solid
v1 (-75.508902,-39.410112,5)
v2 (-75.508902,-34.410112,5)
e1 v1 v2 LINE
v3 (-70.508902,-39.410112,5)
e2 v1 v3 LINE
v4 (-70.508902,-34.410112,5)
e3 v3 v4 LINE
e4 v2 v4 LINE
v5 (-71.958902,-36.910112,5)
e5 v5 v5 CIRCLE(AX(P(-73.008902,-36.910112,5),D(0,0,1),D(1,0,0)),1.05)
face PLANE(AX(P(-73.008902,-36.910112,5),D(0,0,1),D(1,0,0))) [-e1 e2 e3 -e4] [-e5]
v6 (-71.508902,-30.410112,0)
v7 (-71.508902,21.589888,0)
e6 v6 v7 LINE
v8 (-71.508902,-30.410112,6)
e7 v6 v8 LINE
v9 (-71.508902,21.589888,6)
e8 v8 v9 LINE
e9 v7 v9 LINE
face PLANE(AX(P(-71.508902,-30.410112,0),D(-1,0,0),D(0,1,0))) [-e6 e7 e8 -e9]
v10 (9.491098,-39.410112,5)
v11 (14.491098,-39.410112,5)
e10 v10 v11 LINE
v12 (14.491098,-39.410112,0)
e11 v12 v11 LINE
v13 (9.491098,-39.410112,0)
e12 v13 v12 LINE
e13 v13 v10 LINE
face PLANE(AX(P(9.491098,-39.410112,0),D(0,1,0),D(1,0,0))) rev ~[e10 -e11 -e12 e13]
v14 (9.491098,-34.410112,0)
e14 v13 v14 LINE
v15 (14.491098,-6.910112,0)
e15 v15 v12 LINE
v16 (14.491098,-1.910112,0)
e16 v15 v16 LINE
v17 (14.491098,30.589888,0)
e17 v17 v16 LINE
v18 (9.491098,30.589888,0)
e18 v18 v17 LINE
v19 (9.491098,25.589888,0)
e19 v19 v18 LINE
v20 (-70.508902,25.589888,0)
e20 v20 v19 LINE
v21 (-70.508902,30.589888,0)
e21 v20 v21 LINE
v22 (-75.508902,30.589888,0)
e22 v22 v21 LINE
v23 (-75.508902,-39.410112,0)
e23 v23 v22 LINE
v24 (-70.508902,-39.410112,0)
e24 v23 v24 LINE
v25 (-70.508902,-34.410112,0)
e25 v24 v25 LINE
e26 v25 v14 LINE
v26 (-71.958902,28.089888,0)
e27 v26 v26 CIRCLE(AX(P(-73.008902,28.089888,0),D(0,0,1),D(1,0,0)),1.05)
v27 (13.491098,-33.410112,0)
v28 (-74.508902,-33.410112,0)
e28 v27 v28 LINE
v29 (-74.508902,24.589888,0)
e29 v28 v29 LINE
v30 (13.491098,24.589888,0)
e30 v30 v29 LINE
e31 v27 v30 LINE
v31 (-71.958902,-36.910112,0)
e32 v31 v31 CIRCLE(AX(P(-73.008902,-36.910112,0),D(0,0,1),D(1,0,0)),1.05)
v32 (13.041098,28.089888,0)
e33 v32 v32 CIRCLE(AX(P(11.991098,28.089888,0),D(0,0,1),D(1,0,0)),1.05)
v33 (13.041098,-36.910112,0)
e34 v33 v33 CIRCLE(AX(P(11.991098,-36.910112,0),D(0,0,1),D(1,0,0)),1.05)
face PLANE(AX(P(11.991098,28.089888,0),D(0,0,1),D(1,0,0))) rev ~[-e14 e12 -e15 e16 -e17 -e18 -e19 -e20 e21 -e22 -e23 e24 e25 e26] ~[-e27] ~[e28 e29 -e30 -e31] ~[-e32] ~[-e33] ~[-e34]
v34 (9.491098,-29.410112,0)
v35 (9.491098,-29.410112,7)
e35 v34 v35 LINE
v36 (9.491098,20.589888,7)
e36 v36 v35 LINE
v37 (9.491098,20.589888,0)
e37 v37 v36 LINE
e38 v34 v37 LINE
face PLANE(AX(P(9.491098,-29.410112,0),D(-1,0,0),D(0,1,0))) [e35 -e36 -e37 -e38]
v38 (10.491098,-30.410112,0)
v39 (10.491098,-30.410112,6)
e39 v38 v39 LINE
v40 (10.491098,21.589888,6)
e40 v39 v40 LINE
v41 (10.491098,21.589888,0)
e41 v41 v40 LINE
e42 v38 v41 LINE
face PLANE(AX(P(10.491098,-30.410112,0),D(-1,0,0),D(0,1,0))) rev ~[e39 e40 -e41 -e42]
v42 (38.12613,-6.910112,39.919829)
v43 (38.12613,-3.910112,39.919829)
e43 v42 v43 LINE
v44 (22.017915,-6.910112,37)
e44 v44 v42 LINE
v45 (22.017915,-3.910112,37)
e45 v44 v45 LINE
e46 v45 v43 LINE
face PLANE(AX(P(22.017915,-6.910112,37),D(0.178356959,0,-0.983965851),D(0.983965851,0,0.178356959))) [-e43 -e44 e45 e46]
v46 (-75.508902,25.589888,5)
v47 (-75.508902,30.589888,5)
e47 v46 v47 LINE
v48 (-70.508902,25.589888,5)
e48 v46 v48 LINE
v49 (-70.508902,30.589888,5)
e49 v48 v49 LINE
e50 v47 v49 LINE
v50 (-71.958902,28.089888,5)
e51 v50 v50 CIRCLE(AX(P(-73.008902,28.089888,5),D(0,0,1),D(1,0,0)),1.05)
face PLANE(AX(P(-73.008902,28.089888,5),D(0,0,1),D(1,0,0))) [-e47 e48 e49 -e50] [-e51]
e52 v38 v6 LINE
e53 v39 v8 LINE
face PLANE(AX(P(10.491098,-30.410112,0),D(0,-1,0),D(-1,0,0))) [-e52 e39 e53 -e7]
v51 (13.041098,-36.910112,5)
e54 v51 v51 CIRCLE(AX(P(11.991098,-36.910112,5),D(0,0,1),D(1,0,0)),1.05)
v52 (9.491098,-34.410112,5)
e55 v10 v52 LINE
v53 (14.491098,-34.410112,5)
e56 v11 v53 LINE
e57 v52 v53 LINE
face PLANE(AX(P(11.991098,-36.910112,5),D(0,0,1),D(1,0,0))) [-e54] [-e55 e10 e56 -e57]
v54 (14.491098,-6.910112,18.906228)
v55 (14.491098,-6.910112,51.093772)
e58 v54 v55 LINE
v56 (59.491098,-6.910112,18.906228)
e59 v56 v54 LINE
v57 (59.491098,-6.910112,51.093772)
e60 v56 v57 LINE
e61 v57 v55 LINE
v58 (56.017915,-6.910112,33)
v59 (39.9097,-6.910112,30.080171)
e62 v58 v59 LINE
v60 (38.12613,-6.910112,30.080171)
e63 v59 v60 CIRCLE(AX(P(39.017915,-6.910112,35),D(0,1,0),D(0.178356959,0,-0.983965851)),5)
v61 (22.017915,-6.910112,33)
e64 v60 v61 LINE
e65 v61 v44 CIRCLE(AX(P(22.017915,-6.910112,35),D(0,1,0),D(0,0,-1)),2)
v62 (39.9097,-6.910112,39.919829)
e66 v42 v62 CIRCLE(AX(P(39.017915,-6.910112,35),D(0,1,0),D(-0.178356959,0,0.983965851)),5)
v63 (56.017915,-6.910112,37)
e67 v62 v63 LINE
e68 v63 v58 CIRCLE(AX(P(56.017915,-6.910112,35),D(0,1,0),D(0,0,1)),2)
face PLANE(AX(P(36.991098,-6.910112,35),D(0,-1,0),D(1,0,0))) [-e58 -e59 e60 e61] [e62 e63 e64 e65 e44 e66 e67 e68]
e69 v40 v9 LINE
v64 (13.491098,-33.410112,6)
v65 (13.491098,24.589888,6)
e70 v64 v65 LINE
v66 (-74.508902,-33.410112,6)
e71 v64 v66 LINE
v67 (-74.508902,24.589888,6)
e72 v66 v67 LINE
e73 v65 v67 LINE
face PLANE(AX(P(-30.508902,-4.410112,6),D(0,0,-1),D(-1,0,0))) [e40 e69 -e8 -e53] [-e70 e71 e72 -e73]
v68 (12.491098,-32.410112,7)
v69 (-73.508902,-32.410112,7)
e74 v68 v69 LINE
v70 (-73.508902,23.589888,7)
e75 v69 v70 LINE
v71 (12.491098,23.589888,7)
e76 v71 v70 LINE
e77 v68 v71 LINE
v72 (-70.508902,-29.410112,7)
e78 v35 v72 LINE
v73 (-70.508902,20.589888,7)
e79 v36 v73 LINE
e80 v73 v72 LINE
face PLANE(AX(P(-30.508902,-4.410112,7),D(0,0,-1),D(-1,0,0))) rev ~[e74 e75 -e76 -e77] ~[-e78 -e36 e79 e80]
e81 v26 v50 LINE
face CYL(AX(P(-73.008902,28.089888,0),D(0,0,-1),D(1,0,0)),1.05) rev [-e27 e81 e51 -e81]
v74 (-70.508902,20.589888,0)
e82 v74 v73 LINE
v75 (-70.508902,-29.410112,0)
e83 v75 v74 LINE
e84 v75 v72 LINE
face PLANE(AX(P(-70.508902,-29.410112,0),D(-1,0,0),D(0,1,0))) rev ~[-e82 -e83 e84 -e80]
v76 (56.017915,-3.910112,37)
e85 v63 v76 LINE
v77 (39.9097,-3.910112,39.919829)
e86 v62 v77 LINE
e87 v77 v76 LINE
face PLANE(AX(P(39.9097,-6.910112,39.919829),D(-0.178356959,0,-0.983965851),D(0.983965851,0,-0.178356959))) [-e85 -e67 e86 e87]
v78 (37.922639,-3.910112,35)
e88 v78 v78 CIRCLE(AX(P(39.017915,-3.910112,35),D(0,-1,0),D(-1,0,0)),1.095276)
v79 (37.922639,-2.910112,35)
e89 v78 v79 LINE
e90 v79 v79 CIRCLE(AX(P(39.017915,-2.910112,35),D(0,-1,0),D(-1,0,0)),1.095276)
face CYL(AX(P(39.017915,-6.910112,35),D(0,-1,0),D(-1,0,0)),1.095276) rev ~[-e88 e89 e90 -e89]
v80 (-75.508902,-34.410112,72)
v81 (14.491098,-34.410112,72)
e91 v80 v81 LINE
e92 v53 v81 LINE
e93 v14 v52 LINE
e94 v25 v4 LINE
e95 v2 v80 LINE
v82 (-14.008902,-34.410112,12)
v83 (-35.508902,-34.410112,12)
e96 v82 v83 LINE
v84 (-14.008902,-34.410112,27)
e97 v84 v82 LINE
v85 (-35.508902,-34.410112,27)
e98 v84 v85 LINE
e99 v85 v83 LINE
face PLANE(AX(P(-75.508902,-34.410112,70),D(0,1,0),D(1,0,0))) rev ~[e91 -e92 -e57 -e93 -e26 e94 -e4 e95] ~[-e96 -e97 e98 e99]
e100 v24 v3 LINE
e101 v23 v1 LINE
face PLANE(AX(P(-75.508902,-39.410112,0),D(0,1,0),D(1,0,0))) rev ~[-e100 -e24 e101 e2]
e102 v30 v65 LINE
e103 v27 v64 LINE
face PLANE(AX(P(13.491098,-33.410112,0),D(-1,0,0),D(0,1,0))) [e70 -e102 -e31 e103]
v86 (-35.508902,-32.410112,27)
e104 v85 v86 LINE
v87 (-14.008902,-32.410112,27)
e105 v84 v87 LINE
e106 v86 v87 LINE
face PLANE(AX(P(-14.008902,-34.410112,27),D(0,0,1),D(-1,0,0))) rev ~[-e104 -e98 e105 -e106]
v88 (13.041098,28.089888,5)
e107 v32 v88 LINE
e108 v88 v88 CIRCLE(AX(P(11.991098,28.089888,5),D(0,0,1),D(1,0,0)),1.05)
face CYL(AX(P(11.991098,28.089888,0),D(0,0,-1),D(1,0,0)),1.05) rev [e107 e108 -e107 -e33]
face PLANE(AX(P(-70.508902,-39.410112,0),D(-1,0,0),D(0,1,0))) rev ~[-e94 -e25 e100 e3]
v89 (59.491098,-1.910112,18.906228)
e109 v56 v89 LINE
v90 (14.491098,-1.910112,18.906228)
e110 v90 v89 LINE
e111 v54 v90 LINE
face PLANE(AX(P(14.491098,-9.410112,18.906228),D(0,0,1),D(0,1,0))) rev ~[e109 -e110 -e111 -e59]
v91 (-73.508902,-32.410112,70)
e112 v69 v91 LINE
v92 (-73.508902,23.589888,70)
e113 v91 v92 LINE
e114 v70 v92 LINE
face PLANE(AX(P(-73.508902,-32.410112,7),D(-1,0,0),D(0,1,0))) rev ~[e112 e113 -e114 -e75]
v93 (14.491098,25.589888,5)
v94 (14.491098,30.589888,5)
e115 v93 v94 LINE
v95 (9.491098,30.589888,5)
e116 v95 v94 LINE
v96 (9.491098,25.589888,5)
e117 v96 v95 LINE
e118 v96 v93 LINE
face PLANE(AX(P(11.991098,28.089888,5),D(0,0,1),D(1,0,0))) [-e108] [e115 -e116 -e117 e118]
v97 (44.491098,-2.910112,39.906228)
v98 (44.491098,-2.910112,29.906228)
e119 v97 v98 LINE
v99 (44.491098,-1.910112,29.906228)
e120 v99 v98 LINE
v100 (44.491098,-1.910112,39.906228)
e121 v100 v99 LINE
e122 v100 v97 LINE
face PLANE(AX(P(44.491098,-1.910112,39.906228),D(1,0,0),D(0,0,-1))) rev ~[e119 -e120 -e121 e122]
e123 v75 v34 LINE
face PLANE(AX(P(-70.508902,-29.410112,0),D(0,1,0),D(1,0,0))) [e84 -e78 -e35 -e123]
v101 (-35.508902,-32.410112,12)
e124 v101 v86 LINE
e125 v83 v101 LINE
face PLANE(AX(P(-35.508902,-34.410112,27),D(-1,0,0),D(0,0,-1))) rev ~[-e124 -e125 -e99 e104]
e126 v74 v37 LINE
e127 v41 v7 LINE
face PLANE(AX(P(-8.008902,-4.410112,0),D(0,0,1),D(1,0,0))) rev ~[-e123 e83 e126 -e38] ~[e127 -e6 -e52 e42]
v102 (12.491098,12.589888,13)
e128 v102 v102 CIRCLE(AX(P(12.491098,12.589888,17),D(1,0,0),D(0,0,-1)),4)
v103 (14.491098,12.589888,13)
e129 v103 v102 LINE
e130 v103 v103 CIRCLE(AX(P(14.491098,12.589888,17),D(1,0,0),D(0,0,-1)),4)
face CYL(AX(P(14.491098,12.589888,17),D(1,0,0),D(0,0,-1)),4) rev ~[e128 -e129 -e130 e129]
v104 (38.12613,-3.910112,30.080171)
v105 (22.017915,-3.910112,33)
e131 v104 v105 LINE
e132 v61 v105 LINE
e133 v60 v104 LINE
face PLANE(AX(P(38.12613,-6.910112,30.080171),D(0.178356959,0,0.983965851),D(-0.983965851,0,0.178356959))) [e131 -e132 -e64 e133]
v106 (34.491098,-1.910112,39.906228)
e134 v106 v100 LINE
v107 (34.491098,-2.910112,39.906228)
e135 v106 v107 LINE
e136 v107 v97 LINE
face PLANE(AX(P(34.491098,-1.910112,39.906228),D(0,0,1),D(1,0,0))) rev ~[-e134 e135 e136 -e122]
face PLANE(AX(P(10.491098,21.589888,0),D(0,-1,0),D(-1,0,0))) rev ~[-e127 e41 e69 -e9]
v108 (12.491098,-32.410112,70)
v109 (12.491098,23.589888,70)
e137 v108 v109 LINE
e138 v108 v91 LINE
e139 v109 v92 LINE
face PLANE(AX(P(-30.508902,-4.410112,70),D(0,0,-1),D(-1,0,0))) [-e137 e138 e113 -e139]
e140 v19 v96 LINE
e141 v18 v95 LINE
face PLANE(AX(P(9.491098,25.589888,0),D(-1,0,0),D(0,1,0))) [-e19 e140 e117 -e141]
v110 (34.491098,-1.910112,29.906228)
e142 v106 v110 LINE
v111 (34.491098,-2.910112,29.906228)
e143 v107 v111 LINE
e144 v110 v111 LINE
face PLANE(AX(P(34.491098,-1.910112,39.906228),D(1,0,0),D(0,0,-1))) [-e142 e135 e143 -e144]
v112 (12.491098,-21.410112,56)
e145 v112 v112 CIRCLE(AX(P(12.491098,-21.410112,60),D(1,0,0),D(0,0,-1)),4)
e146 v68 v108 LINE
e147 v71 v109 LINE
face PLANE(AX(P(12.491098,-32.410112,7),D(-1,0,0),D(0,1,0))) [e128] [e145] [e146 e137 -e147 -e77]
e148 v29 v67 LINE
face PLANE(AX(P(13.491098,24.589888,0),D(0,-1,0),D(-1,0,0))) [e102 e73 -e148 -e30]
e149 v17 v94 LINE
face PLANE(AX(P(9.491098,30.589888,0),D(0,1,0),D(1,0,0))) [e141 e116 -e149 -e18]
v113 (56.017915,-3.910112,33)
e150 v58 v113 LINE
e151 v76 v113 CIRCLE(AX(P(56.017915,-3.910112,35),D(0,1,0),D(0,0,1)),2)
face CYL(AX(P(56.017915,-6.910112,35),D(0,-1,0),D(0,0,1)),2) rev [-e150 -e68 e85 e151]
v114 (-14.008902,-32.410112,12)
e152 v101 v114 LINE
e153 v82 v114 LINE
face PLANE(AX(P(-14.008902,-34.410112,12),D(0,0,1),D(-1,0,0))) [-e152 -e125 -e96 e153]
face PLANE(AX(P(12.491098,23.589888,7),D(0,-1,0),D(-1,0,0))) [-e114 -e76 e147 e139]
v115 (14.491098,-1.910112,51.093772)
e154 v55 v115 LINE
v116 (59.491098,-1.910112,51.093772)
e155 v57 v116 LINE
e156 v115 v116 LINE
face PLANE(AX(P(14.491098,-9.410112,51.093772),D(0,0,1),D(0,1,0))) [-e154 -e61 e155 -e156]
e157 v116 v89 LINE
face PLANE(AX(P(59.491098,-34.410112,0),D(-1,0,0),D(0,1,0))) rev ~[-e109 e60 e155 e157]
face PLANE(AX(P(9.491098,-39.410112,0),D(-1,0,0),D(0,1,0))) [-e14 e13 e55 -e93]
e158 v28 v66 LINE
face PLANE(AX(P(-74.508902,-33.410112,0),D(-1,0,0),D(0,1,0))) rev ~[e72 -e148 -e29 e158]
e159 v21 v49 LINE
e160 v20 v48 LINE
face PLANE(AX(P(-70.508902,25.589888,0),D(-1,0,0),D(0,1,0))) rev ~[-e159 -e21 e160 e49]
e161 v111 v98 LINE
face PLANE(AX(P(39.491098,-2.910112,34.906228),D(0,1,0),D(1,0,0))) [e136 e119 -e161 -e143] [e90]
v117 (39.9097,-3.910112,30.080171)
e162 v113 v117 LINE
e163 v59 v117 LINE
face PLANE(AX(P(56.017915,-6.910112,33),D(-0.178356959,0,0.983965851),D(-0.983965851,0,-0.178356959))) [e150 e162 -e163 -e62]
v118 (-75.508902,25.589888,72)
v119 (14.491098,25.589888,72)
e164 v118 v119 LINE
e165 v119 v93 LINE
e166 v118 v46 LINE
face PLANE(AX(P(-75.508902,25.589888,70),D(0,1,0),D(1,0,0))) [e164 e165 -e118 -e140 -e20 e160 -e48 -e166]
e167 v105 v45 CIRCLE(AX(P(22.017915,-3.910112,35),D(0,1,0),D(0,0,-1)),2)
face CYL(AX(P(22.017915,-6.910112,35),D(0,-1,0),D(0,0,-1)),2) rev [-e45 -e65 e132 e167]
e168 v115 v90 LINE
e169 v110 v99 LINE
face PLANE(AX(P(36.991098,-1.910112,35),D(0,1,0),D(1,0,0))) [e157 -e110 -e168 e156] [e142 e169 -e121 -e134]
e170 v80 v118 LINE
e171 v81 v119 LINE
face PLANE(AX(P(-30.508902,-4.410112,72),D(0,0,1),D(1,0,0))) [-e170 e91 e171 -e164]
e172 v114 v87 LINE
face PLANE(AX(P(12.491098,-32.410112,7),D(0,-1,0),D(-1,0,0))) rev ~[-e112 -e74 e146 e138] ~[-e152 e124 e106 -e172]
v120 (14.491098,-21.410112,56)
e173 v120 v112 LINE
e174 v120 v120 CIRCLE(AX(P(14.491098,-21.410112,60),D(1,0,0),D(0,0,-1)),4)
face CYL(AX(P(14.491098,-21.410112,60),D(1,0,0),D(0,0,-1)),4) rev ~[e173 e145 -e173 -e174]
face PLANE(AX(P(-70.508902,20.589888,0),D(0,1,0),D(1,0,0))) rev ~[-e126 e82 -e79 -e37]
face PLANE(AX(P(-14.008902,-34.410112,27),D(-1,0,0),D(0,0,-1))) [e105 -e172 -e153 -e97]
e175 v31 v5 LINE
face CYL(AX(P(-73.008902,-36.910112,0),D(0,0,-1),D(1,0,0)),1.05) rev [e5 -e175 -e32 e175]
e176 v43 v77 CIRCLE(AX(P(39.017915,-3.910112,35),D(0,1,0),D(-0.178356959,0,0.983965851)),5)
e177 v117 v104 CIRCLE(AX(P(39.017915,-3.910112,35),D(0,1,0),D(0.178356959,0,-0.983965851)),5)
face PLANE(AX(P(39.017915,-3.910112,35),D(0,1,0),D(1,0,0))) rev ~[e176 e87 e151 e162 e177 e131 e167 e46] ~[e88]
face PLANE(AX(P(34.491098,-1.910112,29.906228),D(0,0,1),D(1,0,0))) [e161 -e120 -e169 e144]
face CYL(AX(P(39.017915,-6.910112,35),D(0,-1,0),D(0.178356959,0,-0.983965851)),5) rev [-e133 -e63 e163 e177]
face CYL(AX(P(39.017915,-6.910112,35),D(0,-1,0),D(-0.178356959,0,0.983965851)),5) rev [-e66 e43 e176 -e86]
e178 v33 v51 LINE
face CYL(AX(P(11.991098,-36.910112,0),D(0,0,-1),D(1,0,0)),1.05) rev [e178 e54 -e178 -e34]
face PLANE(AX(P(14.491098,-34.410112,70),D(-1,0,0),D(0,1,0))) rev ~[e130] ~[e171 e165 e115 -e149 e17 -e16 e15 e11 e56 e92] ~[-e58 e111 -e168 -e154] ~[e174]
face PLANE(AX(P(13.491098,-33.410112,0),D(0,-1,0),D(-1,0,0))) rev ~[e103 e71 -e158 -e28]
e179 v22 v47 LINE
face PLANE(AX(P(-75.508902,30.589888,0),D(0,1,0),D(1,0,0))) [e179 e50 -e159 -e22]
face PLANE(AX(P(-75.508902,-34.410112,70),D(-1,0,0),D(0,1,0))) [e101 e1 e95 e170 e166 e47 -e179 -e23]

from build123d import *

# Parameters (mm, degrees)
SKETCH_1_W           = 135
SKETCH_1_H           = 60
EXTRUDE_1_DEPTH      = 70
SKETCH_6_W           = 45
SKETCH_6_H           = 70
CUT_EXTRUDE_1_DEPTH  = 27.5
SKETCH_5_W           = 45
SKETCH_5_H           = 70
CUT_EXTRUDE_2_DEPTH  = 27.5
SKETCH_7_W           = 80
SKETCH_7_H           = 50
CUT_EXTRUDE_3_DEPTH  = 75
SKETCH_8_W           = 88
SKETCH_8_H           = 58
SKETCH_8_W_2         = 82
SKETCH_8_H_2         = 52
CUT_EXTRUDE_4_DEPTH  = 6
SKETCH_10_W          = 21.5
SKETCH_10_H          = 15
CUT_EXTRUDE_6_DEPTH  = 10
SKETCH_12_W          = 18.906228009
SKETCH_12_H          = 10
CUT_EXTRUDE_7_DEPTH  = 45
CUT_EXTRUDE_8_DEPTH  = 3
SKETCH_15_W          = 10
SKETCH_15_H          = 10
CUT_EXTRUDE_9_DEPTH  = 1
SKETCH_17_R          = 1.095275866
CUT_EXTRUDE_11_DEPTH = 7
SKETCH_18_W          = 5
SKETCH_18_H          = 5
SKETCH_18_R          = 1.05
EXTRUDE_2_DEPTH      = 5
SKETCH_19_W          = 90
SKETCH_19_H          = 60
EXTRUDE_3_DEPTH      = 2
SKETCH_20_R          = 4
CUT_EXTRUDE_12_DEPTH = 10
SKETCH_21_W          = 86
SKETCH_21_H          = 56
CUT_EXTRUDE_13_DEPTH = 63


with BuildPart() as part:
    # 草圖1 → 填料-伸長1 (new body)
    with BuildSketch(Plane.XY):
        with Locations((-8.008902174, -4.41011236)):
            Rectangle(SKETCH_1_W, SKETCH_1_H)
    extrude(amount=EXTRUDE_1_DEPTH)

    # 草圖6 → 除料-伸長1 (cut)
    with BuildSketch(Plane(origin=(0, 25.58988764, 0), x_dir=(1, 0, 0), z_dir=(0, 1, 0))):
        with Locations((36.991097826, -35)):
            Rectangle(SKETCH_6_W, SKETCH_6_H)
    extrude(amount=-CUT_EXTRUDE_1_DEPTH, mode=Mode.SUBTRACT)

    # 草圖5 → 除料-伸長2 (cut)
    with BuildSketch(Plane.XZ.offset(34.41011236)):
        with Locations((36.991097826, 35)):
            Rectangle(SKETCH_5_W, SKETCH_5_H)
    extrude(amount=-CUT_EXTRUDE_2_DEPTH, mode=Mode.SUBTRACT)

    # 草圖7 → 除料-伸長3 (cut)
    with BuildSketch(Plane.XY):
        with Locations((-30.508902174, -4.41011236)):
            Rectangle(SKETCH_7_W, SKETCH_7_H)
    extrude(amount=CUT_EXTRUDE_3_DEPTH, mode=Mode.SUBTRACT)

    # 草圖8 → 除料-伸長4 (cut)
    with BuildSketch(Plane(origin=(0, 0, 0), x_dir=(-1, 0, 0), z_dir=(0, 0, -1))):
        with Locations((30.508902174, -4.41011236)):
            Rectangle(SKETCH_8_W, SKETCH_8_H)
        with Locations((30.508902174, -4.41011236)):
            Rectangle(SKETCH_8_W_2, SKETCH_8_H_2, mode=Mode.SUBTRACT)
    extrude(amount=-CUT_EXTRUDE_4_DEPTH, mode=Mode.SUBTRACT)

    # 草圖10 → 除料-伸長6 (cut)
    with BuildSketch(Plane(origin=(0, -34.41011236, 0), x_dir=(-1, 0, 0), z_dir=(0, -1, 0))):
        with Locations((24.758902174, -19.5)):
            Rectangle(SKETCH_10_W, SKETCH_10_H)
    extrude(amount=-CUT_EXTRUDE_6_DEPTH, mode=Mode.SUBTRACT)

    # 草圖12 → 除料-伸長7 (cut)
    with BuildSketch(Plane(origin=(14.491097826, 0, 0), x_dir=(0, 0, -1), z_dir=(1, 0, 0))):
        with Locations((-60.546885996, -4.41011236)):
            Rectangle(SKETCH_12_W, SKETCH_12_H)
        with Locations((-9.453114004, -4.41011236)):
            Rectangle(SKETCH_12_W, SKETCH_12_H)
    extrude(amount=CUT_EXTRUDE_7_DEPTH, mode=Mode.SUBTRACT)

    # 草圖14 → 除料-伸長8 (cut)
    with BuildSketch(Plane(origin=(0, -6.91011236, 0), x_dir=(-1, 0, 0), z_dir=(0, -1, 0))):
        with BuildLine():
            Line((-38.126130034, -30.080170747), (-22.017914827, -33))
            ThreePointArc((-22.017914827, -33), (-20.017914827, -35), (-22.017914827, -37))
            Line((-22.017914827, -37), (-38.126130034, -39.919829253))
            ThreePointArc((-38.126130034, -39.919829253), (-39.017914827, -40), (-39.909699621, -39.919829253))
            Line((-39.909699621, -39.919829253), (-56.017914827, -37))
            ThreePointArc((-56.017914827, -37), (-58.017914827, -35), (-56.017914827, -33))
            Line((-56.017914827, -33), (-39.909699621, -30.080170747))
            ThreePointArc((-39.909699621, -30.080170747), (-39.017914827, -30), (-38.126130034, -30.080170747))
        make_face()
    extrude(amount=-CUT_EXTRUDE_8_DEPTH, mode=Mode.SUBTRACT)

    # 草圖15 → 除料-伸長9 (cut)
    with BuildSketch(Plane(origin=(0, -1.91011236, 0), x_dir=(1, 0, 0), z_dir=(0, 1, 0))):
        with Locations((39.491097826, -34.906228009)):
            Rectangle(SKETCH_15_W, SKETCH_15_H)
    extrude(amount=-CUT_EXTRUDE_9_DEPTH, mode=Mode.SUBTRACT)

    # 草圖17 → 除料-伸長11 (cut)
    with BuildSketch(Plane(origin=(0, -6.91011236, 0), x_dir=(-1, 0, 0), z_dir=(0, -1, 0))):
        with Locations((-39.017914827, -35)):
            Circle(SKETCH_17_R)
    extrude(amount=-CUT_EXTRUDE_11_DEPTH, mode=Mode.SUBTRACT)

    # 草圖18 → 填料-伸長2 (add)
    with BuildSketch(Plane.XY):
        with Locations((11.991097826, 28.08988764)):
            Rectangle(SKETCH_18_W, SKETCH_18_H)
        with Locations((11.991097826, 28.08988764)):
            Circle(SKETCH_18_R, mode=Mode.SUBTRACT)
        with Locations((-73.008902174, 28.08988764)):
            Rectangle(SKETCH_18_W, SKETCH_18_H)
        with Locations((-73.008902174, 28.08988764)):
            Circle(SKETCH_18_R, mode=Mode.SUBTRACT)
        with Locations((-73.008902174, -36.91011236)):
            Rectangle(SKETCH_18_W, SKETCH_18_H)
        with Locations((-73.008902174, -36.91011236)):
            Circle(SKETCH_18_R, mode=Mode.SUBTRACT)
        with Locations((11.991097826, -36.91011236)):
            Rectangle(SKETCH_18_W, SKETCH_18_H)
        with Locations((11.991097826, -36.91011236)):
            Circle(SKETCH_18_R, mode=Mode.SUBTRACT)
    extrude(amount=EXTRUDE_2_DEPTH)

    # 草圖19 → 填料-伸長3 (add)
    with BuildSketch(Plane.XY.offset(70)):
        with Locations((-30.508902174, -4.41011236)):
            Rectangle(SKETCH_19_W, SKETCH_19_H)
    extrude(amount=EXTRUDE_3_DEPTH)

    # 草圖20 → 除料-伸長12 (cut)
    with BuildSketch(Plane(origin=(14.491097826, 0, 0), x_dir=(0, 0, -1), z_dir=(1, 0, 0))):
        with Locations((-60, -21.41011236)):
            Circle(SKETCH_20_R)
        with Locations((-17, 12.58988764)):
            Circle(SKETCH_20_R)
    extrude(amount=-CUT_EXTRUDE_12_DEPTH, mode=Mode.SUBTRACT)

    # 草圖21 → 除料-伸長13 (cut)
    with BuildSketch(Plane(origin=(0, 0, 7), x_dir=(-1, 0, 0), z_dir=(0, 0, -1))):
        with Locations((30.508902174, -4.41011236)):
            Rectangle(SKETCH_21_W, SKETCH_21_H)
    extrude(amount=-CUT_EXTRUDE_13_DEPTH, mode=Mode.SUBTRACT)


solid = part.part
